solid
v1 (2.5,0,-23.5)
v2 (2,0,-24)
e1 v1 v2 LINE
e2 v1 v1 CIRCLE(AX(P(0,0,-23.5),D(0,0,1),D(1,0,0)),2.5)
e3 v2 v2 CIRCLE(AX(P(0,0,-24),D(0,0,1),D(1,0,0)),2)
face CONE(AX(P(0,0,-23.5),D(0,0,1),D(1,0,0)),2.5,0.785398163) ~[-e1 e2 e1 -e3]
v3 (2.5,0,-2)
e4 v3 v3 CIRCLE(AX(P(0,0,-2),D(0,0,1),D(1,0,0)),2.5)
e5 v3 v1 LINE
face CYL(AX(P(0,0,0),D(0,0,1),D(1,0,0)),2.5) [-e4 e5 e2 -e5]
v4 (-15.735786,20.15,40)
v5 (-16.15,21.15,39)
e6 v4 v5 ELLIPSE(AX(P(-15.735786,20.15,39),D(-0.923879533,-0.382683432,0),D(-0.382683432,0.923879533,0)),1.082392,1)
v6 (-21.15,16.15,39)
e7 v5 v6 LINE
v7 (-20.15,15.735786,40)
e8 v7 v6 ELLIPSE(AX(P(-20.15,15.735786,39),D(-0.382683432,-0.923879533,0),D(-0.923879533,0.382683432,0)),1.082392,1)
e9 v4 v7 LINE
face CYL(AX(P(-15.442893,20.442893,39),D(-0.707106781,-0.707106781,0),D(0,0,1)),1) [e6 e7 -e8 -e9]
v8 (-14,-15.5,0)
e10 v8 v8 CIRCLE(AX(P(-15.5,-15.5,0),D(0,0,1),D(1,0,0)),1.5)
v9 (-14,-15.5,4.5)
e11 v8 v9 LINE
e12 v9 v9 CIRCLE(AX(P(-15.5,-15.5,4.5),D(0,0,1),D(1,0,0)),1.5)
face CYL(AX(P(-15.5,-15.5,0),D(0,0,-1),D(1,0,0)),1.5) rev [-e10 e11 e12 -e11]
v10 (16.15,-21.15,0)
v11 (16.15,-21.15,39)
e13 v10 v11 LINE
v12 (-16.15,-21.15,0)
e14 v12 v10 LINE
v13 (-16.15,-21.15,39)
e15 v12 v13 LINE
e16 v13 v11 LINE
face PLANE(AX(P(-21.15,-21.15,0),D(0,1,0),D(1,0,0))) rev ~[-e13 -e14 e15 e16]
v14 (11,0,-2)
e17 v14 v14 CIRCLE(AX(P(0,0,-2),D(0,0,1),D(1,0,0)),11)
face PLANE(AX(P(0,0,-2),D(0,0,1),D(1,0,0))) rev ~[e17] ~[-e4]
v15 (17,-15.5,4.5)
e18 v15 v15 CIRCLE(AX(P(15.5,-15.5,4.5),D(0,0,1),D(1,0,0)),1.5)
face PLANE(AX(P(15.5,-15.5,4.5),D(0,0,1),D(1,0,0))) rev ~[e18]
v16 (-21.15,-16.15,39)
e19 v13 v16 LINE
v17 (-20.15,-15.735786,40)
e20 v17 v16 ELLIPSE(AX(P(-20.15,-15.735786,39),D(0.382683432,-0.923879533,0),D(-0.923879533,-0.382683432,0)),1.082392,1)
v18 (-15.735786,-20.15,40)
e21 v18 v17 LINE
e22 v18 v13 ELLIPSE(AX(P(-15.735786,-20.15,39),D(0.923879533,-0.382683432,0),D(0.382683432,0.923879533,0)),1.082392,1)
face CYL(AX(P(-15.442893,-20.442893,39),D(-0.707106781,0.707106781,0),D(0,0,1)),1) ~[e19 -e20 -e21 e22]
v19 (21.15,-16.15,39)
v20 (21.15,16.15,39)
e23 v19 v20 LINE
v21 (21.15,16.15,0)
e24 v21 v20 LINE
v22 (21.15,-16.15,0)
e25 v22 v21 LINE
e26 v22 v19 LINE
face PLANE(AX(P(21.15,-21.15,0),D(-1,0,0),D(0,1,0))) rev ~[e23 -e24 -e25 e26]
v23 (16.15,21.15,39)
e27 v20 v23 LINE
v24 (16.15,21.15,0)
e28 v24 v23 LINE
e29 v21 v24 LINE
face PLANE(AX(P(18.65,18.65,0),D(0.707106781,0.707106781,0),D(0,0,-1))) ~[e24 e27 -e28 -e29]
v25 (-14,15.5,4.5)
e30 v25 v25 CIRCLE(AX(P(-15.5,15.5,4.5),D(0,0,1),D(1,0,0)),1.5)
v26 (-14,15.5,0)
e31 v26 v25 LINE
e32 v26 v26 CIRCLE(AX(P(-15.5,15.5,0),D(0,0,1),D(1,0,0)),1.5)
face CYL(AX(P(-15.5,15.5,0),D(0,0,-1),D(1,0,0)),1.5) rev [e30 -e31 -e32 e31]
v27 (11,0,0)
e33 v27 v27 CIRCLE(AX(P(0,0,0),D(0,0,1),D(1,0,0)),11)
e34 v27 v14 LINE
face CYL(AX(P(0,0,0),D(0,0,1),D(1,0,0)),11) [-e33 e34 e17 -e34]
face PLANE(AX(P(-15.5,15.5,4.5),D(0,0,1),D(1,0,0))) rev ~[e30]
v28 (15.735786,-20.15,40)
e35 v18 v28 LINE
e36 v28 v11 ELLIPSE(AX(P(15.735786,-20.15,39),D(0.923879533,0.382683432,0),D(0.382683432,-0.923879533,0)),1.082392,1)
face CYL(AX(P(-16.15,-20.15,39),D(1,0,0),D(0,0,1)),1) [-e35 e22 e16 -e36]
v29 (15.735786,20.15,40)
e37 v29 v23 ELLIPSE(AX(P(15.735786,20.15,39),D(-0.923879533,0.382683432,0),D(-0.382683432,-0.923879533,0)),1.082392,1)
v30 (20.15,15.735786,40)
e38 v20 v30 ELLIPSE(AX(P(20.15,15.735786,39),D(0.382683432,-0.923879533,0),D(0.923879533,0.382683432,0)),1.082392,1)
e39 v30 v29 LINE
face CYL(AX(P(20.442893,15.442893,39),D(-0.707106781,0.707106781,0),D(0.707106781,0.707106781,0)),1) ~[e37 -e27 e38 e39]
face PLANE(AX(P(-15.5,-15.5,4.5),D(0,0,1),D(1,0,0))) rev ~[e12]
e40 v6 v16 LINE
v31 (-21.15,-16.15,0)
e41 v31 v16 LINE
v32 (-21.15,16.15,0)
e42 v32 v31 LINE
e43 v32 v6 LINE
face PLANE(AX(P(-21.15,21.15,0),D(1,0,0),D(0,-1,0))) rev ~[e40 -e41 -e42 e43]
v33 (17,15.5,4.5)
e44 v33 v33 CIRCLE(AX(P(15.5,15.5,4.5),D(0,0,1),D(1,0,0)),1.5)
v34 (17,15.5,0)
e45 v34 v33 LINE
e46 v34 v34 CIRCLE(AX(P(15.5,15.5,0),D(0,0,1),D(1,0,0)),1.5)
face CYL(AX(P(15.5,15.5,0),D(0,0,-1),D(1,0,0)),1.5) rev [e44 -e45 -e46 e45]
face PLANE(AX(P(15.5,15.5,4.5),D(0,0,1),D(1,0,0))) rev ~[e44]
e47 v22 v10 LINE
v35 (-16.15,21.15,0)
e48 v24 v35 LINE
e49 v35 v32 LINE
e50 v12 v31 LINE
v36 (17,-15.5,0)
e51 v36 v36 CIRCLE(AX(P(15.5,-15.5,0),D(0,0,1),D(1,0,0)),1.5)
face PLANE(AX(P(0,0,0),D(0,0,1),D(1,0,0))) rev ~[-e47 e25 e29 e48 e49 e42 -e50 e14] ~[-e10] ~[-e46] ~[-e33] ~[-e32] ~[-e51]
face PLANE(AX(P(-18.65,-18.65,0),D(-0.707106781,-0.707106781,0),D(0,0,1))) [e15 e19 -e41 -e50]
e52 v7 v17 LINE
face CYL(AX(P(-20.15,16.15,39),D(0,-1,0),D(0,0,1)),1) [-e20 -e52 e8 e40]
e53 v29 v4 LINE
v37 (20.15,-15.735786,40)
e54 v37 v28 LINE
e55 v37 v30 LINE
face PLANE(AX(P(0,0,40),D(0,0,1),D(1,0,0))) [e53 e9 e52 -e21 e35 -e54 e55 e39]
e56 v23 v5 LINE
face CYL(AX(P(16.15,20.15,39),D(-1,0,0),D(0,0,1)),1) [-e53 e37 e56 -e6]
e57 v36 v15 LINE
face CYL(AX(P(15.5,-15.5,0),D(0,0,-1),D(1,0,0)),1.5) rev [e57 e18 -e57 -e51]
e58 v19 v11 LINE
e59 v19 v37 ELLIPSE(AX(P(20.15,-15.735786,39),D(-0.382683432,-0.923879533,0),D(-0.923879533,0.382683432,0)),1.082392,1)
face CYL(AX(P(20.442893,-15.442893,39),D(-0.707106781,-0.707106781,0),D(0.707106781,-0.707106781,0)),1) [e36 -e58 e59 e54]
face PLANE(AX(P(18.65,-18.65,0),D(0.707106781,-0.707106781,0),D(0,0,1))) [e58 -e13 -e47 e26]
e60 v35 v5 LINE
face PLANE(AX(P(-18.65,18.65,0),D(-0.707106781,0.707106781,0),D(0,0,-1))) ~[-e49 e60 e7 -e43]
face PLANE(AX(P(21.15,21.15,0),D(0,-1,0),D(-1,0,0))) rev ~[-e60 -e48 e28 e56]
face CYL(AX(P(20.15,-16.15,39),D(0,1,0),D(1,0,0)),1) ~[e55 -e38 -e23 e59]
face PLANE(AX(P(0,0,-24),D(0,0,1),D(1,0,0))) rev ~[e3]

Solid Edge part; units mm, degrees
sketch "Sketch1" plane through (0, 0, 0) normal (0, 0, 1) x (1, 0, 0)
  line L0 (21.15, -21.15) -> (21.15, 21.15)
  line L1 (21.15, 21.15) -> (-21.15, 21.15)
  line L2 (-21.15, 21.15) -> (-21.15, -21.15)
  line L3 (-21.15, -21.15) -> (21.15, -21.15)
extrude "Protrusion1" add sketch "Sketch1" along normal blind 40
sketch "Sketch2" plane through (0, 0, 0) normal (0, 0, 1) x (1, 0, 0)
  circle A0 centre (0, 0) radius 11
extrude "ExtrudedProtrusion_2" add sketch "Sketch2" against normal blind 2
sketch "Sketch3" plane through (0, 0, 0) normal (0, 0, 1) x (1, 0, 0)
  circle A0 centre (0, 0) radius 2.5
extrude "ExtrudedProtrusion_3" add sketch "Sketch3" against normal blind 24
sketch "Sketch4" plane through (0, 0, 0) normal (0, 0, 1) x (1, 0, 0)
  circle A0 centre (15.5, 15.5) radius 1.5
  circle A1 centre (-15.5, 15.5) radius 1.5
  circle A2 centre (-15.5, -15.5) radius 1.5
  circle A3 centre (15.5, -15.5) radius 1.5
  dimension "D1" = 42.3
  dimension "D2" = 22
  dimension "D3" = 5
  dimension "D4" = 31
  dimension "D5" = 3
extrude "ExtrudedCutout_1" cut sketch "Sketch4" along normal blind 4.5
chamfer "Chamfer_1" distance 5 angle 45 4 edges at (21.15, 21.15, 20) (-21.15, 21.15, 20) (-21.15, -21.15, 20) (21.15, -21.15, 20)
fillet "Round_1" radius 1 8 edges at (0, 21.15, 40) (-18.65, 18.65, 40) (-21.15, 0, 40) (-18.65, -18.65, 40) (0, -21.15, 40) (18.65, -18.65, 40) (21.15, 0, 40) (18.65, 18.65, 40)
chamfer "Chamfer_2" distance 0.5 angle 45 1 edges at (-2.5, 0, -24)
